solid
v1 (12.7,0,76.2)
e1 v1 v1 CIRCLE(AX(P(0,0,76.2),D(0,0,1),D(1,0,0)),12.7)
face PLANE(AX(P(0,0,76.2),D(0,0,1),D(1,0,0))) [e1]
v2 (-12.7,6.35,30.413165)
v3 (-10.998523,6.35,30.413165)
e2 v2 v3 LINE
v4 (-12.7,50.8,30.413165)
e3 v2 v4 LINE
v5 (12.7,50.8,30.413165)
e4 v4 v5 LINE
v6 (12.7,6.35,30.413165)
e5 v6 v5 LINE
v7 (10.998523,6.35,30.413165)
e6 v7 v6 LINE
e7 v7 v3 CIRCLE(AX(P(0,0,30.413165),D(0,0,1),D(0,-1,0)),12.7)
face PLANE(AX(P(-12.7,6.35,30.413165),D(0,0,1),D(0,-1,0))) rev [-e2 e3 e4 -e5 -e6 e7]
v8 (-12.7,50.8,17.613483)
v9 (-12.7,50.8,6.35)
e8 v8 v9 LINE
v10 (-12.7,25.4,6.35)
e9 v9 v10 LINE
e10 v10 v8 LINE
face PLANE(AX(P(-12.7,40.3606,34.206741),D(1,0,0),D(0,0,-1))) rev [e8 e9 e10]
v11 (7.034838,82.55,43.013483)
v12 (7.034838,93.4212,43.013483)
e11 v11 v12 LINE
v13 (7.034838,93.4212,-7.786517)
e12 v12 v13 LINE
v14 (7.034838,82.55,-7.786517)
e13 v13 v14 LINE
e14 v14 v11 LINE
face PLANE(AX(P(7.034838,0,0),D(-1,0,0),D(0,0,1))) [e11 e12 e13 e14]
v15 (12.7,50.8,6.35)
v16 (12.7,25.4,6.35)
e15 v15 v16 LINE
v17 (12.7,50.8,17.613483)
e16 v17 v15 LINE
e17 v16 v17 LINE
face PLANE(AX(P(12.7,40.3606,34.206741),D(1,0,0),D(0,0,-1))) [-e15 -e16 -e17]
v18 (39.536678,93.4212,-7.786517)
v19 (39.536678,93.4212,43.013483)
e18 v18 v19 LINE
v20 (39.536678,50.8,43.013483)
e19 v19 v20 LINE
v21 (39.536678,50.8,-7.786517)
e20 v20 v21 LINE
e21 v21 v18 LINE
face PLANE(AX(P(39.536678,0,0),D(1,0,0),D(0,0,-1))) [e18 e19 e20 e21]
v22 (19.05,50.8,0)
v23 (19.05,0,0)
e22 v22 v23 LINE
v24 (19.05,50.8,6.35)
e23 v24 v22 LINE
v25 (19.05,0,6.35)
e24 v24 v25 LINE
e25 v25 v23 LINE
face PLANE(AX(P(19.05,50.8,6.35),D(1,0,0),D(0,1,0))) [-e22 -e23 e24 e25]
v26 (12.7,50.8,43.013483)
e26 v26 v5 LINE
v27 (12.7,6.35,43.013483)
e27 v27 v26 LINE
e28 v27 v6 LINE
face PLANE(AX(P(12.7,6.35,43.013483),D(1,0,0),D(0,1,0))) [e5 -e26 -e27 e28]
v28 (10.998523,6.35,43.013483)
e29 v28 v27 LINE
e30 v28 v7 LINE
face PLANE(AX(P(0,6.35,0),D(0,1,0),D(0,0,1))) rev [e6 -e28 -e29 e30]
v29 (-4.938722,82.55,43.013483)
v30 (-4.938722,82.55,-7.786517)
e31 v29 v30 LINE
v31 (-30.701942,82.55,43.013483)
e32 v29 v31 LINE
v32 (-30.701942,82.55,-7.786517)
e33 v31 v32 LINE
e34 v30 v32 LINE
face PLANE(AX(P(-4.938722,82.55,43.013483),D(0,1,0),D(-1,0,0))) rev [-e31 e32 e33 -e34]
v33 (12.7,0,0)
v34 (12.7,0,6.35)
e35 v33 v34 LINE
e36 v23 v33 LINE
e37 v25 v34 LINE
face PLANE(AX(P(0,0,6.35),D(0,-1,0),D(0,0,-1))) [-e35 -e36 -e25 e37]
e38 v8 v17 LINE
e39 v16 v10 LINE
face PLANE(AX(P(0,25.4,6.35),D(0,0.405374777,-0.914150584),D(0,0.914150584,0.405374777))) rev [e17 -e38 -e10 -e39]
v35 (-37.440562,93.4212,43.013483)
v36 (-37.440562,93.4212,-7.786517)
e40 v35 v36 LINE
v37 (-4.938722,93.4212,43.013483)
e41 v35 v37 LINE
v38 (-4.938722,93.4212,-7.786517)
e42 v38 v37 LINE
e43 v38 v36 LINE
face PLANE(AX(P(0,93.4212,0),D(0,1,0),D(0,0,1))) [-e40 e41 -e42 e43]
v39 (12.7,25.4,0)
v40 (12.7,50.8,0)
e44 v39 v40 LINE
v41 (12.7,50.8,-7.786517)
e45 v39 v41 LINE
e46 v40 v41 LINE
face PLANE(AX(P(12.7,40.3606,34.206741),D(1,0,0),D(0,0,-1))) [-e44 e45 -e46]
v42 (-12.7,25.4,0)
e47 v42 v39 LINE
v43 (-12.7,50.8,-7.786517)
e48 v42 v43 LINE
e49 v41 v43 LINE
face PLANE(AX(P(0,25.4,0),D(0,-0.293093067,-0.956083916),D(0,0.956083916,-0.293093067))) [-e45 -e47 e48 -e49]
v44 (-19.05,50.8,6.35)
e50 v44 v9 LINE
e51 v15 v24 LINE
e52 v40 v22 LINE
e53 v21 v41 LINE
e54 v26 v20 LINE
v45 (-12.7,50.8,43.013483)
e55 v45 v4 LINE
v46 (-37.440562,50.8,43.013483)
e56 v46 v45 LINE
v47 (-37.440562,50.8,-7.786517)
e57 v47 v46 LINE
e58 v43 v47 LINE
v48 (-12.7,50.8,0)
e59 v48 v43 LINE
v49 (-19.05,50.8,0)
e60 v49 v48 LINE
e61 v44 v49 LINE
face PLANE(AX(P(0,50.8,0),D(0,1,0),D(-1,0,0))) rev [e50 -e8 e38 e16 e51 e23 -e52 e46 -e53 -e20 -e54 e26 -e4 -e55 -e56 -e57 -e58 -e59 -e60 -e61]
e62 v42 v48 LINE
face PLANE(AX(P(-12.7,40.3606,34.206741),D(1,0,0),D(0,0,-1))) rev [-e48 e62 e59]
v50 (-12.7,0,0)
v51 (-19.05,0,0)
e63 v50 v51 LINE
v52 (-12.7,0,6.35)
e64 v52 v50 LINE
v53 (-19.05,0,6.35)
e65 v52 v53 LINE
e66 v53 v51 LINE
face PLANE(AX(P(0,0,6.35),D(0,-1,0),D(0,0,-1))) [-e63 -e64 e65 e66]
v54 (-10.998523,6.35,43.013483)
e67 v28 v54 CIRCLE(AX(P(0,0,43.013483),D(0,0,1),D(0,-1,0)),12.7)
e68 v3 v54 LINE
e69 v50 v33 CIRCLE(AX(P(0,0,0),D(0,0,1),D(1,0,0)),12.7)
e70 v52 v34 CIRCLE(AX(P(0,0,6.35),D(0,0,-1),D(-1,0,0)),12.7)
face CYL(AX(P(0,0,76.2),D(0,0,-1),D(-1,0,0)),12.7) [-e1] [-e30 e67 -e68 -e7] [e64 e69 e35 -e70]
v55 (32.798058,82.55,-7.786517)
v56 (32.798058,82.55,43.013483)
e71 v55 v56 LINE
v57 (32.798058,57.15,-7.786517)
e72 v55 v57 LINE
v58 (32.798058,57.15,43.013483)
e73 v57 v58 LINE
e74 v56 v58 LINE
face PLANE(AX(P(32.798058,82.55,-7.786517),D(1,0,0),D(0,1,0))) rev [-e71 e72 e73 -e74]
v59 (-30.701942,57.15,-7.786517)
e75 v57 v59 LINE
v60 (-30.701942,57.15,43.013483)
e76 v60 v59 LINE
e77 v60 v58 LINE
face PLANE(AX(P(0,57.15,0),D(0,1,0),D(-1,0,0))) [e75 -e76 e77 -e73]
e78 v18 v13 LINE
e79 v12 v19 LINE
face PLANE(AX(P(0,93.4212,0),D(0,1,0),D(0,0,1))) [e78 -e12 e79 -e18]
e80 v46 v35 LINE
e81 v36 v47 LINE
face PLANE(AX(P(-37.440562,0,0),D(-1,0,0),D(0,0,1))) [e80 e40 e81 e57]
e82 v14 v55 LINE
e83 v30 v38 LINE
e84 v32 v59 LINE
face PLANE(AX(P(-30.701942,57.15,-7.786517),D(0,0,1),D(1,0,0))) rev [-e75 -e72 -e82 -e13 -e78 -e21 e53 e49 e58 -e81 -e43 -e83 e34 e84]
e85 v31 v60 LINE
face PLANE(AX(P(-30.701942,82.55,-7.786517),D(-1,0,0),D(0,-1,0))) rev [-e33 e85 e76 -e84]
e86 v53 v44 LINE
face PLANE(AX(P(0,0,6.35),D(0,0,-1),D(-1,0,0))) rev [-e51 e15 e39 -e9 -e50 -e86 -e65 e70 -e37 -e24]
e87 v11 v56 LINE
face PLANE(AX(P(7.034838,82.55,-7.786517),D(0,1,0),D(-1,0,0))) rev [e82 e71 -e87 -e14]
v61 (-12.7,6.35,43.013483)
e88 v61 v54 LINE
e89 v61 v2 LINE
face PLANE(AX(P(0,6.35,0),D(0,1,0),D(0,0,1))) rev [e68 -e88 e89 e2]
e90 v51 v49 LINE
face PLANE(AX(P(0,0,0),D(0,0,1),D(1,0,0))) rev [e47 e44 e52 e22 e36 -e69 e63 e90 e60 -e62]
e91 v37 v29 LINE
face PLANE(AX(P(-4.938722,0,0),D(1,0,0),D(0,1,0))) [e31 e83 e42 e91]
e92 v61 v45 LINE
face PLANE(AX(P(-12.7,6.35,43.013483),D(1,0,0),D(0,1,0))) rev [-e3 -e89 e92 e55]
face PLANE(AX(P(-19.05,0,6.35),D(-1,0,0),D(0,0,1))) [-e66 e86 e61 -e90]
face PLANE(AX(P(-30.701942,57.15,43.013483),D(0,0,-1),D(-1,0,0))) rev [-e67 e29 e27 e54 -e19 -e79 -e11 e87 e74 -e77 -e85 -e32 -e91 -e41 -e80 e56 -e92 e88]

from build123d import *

# Parameters (mm, degrees)
SKETCH3_R            = 12.7
BOSS_EXTRUDE1_DEPTH  = 76.2
BOSS_EXTRUDE2_DEPTH  = 6.35
SKETCH6_W            = 63.5
SKETCH6_H            = 50.8
BOSS_EXTRUDE3_DEPTH  = 6.35
SKETCH9_W            = 50.8
SKETCH9_H            = 6.35
BOSS_EXTRUDE4_DEPTH  = 0.38862
SKETCH10_W           = 0.38862
SKETCH10_H           = 50.8
BOSS_EXTRUDE5_DEPTH  = 25.4
SKETCH11_W           = 50.8
SKETCH11_H           = 6.35
BOSS_EXTRUDE6_DEPTH  = 0.38862
SKETCH13_W           = 0.38862
SKETCH13_H           = 50.8
BOSS_EXTRUDE7_DEPTH  = 25.4
SKETCH14_W           = 0.38862
SKETCH14_H           = 50.8
BOSS_EXTRUDE8_DEPTH  = 10.8712
SKETCH15_W           = 50.8
SKETCH15_H           = 10.8712
BOSS_EXTRUDE9_DEPTH  = 25.76322
SKETCH16_W           = 0.38862
SKETCH16_H           = 50.8
BOSS_EXTRUDE10_DEPTH = 10.8712
SKETCH17_W           = 50.8
SKETCH17_H           = 10.8712
BOSS_EXTRUDE11_DEPTH = 25.76322
RIB4_REACH           = 127.041
SKETCH21_WALL_W      = 279.8678728
SKETCH21_WALL_H      = 25.4
RIB15_REACH          = 127.041
SKETCH22_WALL_W      = 278.64922185
SKETCH22_WALL_H      = 25.4
SKETCH26_W           = 25.4
SKETCH26_H           = 12.600318116
BOSS_EXTRUDE12_DEPTH = 44.45
SKETCH27_W           = 50.8
SKETCH27_H           = 42.6212
BOSS_EXTRUDE13_DEPTH = 6.35
SKETCH28_W           = 50.8
SKETCH28_H           = 42.6212
BOSS_EXTRUDE14_DEPTH = 6.35


with BuildPart() as part:
    # Sketch3 → Boss-Extrude1 (new body)
    with BuildSketch(Plane.XY):
        with Locations(Location((0, 0, 0), (0, 0, 180))):
            Circle(SKETCH3_R)
    extrude(amount=BOSS_EXTRUDE1_DEPTH)

    # Sketch4 → Boss-Extrude2 (add)
    with BuildSketch(Plane(origin=(0, 0, 0), x_dir=(-1, 0, 0), z_dir=(0, 0, -1))):
        Polygon((0, 0), (19.05, 0), (19.05, 50.8), (-19.05, 50.8), (-19.05, 0), align=None)
    extrude(amount=-BOSS_EXTRUDE2_DEPTH)

    # Sketch6 → Boss-Extrude3 (add)
    with BuildSketch(Plane(origin=(0, 50.8, 0), x_dir=(1, 0, 0), z_dir=(0, 1, 0))):
        with Locations((1.04805825, -17.613482739)):
            Rectangle(SKETCH6_W, SKETCH6_H)
    extrude(amount=BOSS_EXTRUDE3_DEPTH)

    # Sketch9 → Boss-Extrude4 (add)
    with BuildSketch(Plane(origin=(32.79805825, 0, 0), x_dir=(0, 0, -1), z_dir=(1, 0, 0))):
        with Locations((-17.613482739, 53.975)):
            Rectangle(SKETCH9_W, SKETCH9_H)
    extrude(amount=BOSS_EXTRUDE4_DEPTH)

    # Sketch10 → Boss-Extrude5 (add)
    with BuildSketch(Plane(origin=(0, 57.15, 0), x_dir=(1, 0, 0), z_dir=(0, 1, 0))):
        with Locations((32.99236825, -17.613482739)):
            Rectangle(SKETCH10_W, SKETCH10_H)
    extrude(amount=BOSS_EXTRUDE5_DEPTH)

    # Sketch11 → Boss-Extrude6 (add)
    with BuildSketch(Plane.ZY.offset(30.70194175)):
        with Locations((17.613482739, 53.975)):
            Rectangle(SKETCH11_W, SKETCH11_H)
    extrude(amount=BOSS_EXTRUDE6_DEPTH)

    # Sketch13 → Boss-Extrude7 (add)
    with BuildSketch(Plane(origin=(0, 57.15, 0), x_dir=(1, 0, 0), z_dir=(0, 1, 0))):
        with Locations((-30.89625175, -17.613482739)):
            Rectangle(SKETCH13_W, SKETCH13_H)
    extrude(amount=BOSS_EXTRUDE7_DEPTH)

    # Sketch14 → Boss-Extrude8 (add)
    with BuildSketch(Plane(origin=(0, 82.55, 0), x_dir=(1, 0, 0), z_dir=(0, 1, 0))):
        with Locations((-30.89625175, -17.613482739)):
            Rectangle(SKETCH14_W, SKETCH14_H)
    extrude(amount=BOSS_EXTRUDE8_DEPTH)

    # Sketch15 → Boss-Extrude9 (add)
    with BuildSketch(Plane(origin=(-30.70194175, 0, 0), x_dir=(0, 0, -1), z_dir=(1, 0, 0))):
        with Locations((-17.613482739, 87.9856)):
            Rectangle(SKETCH15_W, SKETCH15_H)
    extrude(amount=BOSS_EXTRUDE9_DEPTH)

    # Sketch16 → Boss-Extrude10 (add)
    with BuildSketch(Plane(origin=(0, 82.55, 0), x_dir=(1, 0, 0), z_dir=(0, 1, 0))):
        with Locations((32.99236825, -17.613482739)):
            Rectangle(SKETCH16_W, SKETCH16_H)
    extrude(amount=BOSS_EXTRUDE10_DEPTH)

    # Sketch17 → Boss-Extrude11 (add)
    with BuildSketch(Plane.ZY.offset(-32.79805825)):
        with Locations((17.613482739, 87.9856)):
            Rectangle(SKETCH17_W, SKETCH17_H)
    extrude(amount=BOSS_EXTRUDE11_DEPTH)

    # Sketch21 wall → Rib4 (add, up to next)
    with BuildSketch(Plane(origin=(0, 38.1, 11.981741369), x_dir=(0, 0.914150584151, 0.405374776592), z_dir=(0, -0.405374776592, 0.914150584151)), mode=Mode.PRIVATE) as rib4_sk1:
        Rectangle(SKETCH21_WALL_W, SKETCH21_WALL_H)
    rib4_tool1 = extrude(rib4_sk1.sketch, amount=-RIB4_REACH, mode=Mode.PRIVATE) - part.part
    add(rib4_tool1.solids().sort_by_distance((0, 38.1, 11.981741369))[0])

    # Sketch22 wall → Rib15 (add, up to next)
    with BuildSketch(Plane(origin=(0, 38.1, -3.893258631), x_dir=(0, 0.956083915685, -0.293093067419), z_dir=(0, 0.293093067419, 0.956083915685)), mode=Mode.PRIVATE) as rib15_sk1:
        Rectangle(SKETCH22_WALL_W, SKETCH22_WALL_H)
    rib15_tool1 = extrude(rib15_sk1.sketch, amount=RIB15_REACH, mode=Mode.PRIVATE) - part.part
    add(rib15_tool1.solids().sort_by_distance((0, 38.1, -3.893258631))[0])

    # Sketch26 → Boss-Extrude12 (add)
    with BuildSketch(Plane(origin=(0, 50.8, 0), x_dir=(-1, 0, 0), z_dir=(0, -1, 0))):
        with Locations((0, -36.713323681)):
            Rectangle(SKETCH26_W, SKETCH26_H)
    extrude(amount=BOSS_EXTRUDE12_DEPTH)

    # Sketch27 → Boss-Extrude13 (add)
    with BuildSketch(Plane(origin=(33.18667825, 0, 0), x_dir=(0, 0, -1), z_dir=(1, 0, 0))):
        with Locations((-17.613482739, 72.1106)):
            Rectangle(SKETCH27_W, SKETCH27_H)
    extrude(amount=BOSS_EXTRUDE13_DEPTH)

    # Sketch28 → Boss-Extrude14 (add)
    with BuildSketch(Plane.ZY.offset(31.09056175)):
        with Locations((17.613482739, 72.1106)):
            Rectangle(SKETCH28_W, SKETCH28_H)
    extrude(amount=BOSS_EXTRUDE14_DEPTH)


solid = part.part
